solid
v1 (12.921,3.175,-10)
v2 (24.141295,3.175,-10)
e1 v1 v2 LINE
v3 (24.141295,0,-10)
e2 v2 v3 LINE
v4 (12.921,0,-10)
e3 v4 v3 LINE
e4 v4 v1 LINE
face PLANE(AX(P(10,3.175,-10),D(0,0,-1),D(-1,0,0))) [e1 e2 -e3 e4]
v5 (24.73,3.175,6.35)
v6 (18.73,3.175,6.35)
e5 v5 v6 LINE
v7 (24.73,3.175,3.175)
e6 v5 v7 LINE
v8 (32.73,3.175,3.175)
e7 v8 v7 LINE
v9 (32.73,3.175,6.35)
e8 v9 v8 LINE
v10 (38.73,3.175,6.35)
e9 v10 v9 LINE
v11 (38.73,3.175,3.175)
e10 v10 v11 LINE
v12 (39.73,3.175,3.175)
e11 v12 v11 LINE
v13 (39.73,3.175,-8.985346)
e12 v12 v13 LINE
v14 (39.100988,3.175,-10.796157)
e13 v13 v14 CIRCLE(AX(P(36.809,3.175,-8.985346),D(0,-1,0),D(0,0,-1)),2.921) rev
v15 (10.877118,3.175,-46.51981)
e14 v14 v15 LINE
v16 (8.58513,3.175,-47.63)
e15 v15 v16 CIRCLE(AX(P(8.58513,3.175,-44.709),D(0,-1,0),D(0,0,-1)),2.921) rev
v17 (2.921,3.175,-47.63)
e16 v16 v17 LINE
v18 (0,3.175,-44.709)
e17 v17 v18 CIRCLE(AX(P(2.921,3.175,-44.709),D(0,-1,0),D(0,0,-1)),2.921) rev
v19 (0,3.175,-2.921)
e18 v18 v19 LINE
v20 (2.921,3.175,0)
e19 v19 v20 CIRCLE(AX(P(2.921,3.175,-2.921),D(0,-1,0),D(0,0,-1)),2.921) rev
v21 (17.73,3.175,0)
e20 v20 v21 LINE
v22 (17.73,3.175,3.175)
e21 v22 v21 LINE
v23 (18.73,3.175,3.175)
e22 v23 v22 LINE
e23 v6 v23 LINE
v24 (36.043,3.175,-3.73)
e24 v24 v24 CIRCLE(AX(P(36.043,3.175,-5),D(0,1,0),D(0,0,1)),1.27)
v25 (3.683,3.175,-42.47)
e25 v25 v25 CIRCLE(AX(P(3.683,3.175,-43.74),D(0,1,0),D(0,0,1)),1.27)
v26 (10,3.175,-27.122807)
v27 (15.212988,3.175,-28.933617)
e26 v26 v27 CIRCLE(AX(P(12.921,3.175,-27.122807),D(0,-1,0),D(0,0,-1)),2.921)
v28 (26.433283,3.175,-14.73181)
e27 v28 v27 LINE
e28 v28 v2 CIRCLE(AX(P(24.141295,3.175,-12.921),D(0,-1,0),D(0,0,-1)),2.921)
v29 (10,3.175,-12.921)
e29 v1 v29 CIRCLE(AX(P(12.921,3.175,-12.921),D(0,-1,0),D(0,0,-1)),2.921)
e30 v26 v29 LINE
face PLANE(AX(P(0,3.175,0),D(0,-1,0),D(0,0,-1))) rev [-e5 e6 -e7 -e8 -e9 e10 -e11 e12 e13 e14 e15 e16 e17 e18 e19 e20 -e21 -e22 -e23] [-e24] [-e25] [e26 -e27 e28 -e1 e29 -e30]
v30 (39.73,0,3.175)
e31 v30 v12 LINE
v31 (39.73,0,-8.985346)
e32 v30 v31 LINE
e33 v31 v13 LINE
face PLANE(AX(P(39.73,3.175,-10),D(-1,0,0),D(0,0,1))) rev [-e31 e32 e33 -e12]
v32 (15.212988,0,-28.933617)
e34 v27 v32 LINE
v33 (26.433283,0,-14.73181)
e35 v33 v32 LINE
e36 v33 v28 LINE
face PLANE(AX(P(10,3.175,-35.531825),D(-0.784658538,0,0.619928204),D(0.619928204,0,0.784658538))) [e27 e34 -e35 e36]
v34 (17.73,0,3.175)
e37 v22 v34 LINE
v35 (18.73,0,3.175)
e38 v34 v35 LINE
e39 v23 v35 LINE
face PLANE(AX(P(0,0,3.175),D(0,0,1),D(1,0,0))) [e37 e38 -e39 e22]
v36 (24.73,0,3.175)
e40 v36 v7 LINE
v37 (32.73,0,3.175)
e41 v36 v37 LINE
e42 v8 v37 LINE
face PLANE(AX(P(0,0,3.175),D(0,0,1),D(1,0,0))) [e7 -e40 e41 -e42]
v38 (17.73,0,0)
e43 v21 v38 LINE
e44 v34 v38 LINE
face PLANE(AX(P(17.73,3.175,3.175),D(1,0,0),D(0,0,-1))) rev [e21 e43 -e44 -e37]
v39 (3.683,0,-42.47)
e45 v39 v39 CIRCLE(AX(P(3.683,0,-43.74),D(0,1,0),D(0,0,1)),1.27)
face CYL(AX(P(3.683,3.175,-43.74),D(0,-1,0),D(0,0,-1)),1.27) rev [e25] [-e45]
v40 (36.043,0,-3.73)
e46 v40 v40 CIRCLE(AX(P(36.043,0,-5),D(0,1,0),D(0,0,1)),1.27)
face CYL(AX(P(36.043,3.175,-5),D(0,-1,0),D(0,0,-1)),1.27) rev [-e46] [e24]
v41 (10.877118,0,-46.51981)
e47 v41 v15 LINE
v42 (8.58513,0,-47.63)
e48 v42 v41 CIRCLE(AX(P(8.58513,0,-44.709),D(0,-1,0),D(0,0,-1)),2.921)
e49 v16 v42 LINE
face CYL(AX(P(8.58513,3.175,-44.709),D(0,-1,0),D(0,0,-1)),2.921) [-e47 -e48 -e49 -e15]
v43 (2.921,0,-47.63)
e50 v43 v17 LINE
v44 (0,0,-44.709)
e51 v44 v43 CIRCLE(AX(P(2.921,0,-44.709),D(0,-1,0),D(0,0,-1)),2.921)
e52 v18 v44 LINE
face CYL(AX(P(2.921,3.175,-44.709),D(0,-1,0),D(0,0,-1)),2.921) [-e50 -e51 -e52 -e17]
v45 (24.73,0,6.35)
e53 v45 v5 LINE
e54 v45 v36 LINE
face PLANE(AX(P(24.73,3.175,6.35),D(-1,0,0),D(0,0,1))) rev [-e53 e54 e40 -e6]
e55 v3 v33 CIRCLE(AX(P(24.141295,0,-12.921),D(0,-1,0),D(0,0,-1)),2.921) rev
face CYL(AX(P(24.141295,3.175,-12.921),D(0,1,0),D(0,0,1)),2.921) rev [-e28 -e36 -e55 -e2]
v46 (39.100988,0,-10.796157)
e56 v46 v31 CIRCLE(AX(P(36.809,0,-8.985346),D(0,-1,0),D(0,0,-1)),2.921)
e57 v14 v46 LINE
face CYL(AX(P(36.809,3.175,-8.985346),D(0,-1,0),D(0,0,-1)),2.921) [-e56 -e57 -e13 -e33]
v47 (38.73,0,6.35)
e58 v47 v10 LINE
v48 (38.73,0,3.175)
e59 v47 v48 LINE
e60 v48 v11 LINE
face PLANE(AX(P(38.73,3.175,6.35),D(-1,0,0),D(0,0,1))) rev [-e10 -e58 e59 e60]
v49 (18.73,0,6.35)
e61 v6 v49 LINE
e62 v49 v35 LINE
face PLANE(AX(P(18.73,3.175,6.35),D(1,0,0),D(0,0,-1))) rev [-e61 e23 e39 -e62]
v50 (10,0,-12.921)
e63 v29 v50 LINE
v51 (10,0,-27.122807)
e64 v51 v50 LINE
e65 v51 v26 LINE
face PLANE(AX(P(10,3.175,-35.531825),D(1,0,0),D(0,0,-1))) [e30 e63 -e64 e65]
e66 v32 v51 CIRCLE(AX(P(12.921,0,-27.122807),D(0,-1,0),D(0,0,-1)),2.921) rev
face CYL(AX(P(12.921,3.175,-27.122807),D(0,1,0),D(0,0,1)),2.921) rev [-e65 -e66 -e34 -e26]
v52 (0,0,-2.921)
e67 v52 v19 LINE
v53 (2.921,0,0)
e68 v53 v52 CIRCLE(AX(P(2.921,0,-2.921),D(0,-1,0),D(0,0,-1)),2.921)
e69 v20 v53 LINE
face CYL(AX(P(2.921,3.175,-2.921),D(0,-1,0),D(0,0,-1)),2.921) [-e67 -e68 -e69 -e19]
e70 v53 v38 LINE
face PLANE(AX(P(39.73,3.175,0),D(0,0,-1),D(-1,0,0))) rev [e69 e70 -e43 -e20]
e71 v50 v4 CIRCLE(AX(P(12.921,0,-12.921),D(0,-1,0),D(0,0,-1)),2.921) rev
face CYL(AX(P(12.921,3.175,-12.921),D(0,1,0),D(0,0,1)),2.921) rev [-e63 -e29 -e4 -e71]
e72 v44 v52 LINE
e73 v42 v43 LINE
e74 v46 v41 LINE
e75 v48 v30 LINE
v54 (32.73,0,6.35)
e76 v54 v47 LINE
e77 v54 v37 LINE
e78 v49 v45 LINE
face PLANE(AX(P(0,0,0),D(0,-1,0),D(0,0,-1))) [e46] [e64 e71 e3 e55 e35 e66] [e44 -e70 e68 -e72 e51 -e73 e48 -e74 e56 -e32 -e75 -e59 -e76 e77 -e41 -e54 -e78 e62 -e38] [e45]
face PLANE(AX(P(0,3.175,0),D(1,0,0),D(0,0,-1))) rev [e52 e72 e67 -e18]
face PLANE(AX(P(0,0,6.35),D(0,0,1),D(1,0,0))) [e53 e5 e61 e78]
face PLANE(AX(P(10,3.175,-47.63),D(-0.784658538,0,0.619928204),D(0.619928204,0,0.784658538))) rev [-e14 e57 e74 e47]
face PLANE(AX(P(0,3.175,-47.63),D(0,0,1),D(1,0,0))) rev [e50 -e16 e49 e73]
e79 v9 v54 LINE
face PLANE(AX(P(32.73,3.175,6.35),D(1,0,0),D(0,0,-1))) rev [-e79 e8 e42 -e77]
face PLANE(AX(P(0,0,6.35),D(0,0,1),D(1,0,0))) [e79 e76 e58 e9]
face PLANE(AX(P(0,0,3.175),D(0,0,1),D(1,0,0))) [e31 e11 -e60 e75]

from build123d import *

# Parameters (mm, degrees)
SKETCH1_R           = 1.27
BOSS_EXTRUDE1_DEPTH = 3.175
FILLET1_R           = 2.921
SKETCH5_W           = 22
SKETCH5_H           = 3.175
BOSS_EXTRUDE3_DEPTH = 3.175
SKETCH2_W           = 6
SKETCH2_H           = 3.175
BOSS_EXTRUDE2_DEPTH = 3.175


with BuildPart() as part:
    # Sketch1 → Boss-Extrude1 (new body)
    with BuildSketch(Plane(origin=(0, 0, 0), x_dir=(1, 0, 0), z_dir=(0, 1, 0))):
        Polygon((0, 0), (0, 47.63), (10, 47.63), (39.73, 10), (39.73, 0), align=None)
        with Locations(Location((3.683, 43.74, 0), (0, 0, 270))):
            Circle(SKETCH1_R, mode=Mode.SUBTRACT)
        with Locations(Location((36.043, 5, 0), (0, 0, 270))):
            Circle(SKETCH1_R, mode=Mode.SUBTRACT)
        Polygon((10, 35.531824847), (10, 10), (30.171702171, 10), align=None, mode=Mode.SUBTRACT)
    extrude(amount=BOSS_EXTRUDE1_DEPTH)

    # Fillet1
    fillet1_edges = [part.edges().sort_by_distance(p)[0] for p in [
        (10, 1.5875, -10),
        (30.171702171, 1.5875, -10),
        (10, 1.5875, -35.531824847),
        (0, 1.5875, 0),
        (0, 1.5875, -47.63),
        (10, 1.5875, -47.63),
        (39.73, 1.5875, -10),
    ]]
    fillet(fillet1_edges, radius=FILLET1_R)

    # Sketch5 → Boss-Extrude3 (add)
    with BuildSketch(Plane.XY):
        with Locations((28.73, 1.5875)):
            Rectangle(SKETCH5_W, SKETCH5_H)
    extrude(amount=BOSS_EXTRUDE3_DEPTH)

    # Sketch2 → Boss-Extrude2 (add)
    with BuildSketch(Plane.XY.offset(3.175)):
        with Locations((21.73, 1.5875)):
            Rectangle(SKETCH2_W, SKETCH2_H)
        with Locations((35.73, 1.5875)):
            Rectangle(SKETCH2_W, SKETCH2_H)
    extrude(amount=BOSS_EXTRUDE2_DEPTH)


solid = part.part
